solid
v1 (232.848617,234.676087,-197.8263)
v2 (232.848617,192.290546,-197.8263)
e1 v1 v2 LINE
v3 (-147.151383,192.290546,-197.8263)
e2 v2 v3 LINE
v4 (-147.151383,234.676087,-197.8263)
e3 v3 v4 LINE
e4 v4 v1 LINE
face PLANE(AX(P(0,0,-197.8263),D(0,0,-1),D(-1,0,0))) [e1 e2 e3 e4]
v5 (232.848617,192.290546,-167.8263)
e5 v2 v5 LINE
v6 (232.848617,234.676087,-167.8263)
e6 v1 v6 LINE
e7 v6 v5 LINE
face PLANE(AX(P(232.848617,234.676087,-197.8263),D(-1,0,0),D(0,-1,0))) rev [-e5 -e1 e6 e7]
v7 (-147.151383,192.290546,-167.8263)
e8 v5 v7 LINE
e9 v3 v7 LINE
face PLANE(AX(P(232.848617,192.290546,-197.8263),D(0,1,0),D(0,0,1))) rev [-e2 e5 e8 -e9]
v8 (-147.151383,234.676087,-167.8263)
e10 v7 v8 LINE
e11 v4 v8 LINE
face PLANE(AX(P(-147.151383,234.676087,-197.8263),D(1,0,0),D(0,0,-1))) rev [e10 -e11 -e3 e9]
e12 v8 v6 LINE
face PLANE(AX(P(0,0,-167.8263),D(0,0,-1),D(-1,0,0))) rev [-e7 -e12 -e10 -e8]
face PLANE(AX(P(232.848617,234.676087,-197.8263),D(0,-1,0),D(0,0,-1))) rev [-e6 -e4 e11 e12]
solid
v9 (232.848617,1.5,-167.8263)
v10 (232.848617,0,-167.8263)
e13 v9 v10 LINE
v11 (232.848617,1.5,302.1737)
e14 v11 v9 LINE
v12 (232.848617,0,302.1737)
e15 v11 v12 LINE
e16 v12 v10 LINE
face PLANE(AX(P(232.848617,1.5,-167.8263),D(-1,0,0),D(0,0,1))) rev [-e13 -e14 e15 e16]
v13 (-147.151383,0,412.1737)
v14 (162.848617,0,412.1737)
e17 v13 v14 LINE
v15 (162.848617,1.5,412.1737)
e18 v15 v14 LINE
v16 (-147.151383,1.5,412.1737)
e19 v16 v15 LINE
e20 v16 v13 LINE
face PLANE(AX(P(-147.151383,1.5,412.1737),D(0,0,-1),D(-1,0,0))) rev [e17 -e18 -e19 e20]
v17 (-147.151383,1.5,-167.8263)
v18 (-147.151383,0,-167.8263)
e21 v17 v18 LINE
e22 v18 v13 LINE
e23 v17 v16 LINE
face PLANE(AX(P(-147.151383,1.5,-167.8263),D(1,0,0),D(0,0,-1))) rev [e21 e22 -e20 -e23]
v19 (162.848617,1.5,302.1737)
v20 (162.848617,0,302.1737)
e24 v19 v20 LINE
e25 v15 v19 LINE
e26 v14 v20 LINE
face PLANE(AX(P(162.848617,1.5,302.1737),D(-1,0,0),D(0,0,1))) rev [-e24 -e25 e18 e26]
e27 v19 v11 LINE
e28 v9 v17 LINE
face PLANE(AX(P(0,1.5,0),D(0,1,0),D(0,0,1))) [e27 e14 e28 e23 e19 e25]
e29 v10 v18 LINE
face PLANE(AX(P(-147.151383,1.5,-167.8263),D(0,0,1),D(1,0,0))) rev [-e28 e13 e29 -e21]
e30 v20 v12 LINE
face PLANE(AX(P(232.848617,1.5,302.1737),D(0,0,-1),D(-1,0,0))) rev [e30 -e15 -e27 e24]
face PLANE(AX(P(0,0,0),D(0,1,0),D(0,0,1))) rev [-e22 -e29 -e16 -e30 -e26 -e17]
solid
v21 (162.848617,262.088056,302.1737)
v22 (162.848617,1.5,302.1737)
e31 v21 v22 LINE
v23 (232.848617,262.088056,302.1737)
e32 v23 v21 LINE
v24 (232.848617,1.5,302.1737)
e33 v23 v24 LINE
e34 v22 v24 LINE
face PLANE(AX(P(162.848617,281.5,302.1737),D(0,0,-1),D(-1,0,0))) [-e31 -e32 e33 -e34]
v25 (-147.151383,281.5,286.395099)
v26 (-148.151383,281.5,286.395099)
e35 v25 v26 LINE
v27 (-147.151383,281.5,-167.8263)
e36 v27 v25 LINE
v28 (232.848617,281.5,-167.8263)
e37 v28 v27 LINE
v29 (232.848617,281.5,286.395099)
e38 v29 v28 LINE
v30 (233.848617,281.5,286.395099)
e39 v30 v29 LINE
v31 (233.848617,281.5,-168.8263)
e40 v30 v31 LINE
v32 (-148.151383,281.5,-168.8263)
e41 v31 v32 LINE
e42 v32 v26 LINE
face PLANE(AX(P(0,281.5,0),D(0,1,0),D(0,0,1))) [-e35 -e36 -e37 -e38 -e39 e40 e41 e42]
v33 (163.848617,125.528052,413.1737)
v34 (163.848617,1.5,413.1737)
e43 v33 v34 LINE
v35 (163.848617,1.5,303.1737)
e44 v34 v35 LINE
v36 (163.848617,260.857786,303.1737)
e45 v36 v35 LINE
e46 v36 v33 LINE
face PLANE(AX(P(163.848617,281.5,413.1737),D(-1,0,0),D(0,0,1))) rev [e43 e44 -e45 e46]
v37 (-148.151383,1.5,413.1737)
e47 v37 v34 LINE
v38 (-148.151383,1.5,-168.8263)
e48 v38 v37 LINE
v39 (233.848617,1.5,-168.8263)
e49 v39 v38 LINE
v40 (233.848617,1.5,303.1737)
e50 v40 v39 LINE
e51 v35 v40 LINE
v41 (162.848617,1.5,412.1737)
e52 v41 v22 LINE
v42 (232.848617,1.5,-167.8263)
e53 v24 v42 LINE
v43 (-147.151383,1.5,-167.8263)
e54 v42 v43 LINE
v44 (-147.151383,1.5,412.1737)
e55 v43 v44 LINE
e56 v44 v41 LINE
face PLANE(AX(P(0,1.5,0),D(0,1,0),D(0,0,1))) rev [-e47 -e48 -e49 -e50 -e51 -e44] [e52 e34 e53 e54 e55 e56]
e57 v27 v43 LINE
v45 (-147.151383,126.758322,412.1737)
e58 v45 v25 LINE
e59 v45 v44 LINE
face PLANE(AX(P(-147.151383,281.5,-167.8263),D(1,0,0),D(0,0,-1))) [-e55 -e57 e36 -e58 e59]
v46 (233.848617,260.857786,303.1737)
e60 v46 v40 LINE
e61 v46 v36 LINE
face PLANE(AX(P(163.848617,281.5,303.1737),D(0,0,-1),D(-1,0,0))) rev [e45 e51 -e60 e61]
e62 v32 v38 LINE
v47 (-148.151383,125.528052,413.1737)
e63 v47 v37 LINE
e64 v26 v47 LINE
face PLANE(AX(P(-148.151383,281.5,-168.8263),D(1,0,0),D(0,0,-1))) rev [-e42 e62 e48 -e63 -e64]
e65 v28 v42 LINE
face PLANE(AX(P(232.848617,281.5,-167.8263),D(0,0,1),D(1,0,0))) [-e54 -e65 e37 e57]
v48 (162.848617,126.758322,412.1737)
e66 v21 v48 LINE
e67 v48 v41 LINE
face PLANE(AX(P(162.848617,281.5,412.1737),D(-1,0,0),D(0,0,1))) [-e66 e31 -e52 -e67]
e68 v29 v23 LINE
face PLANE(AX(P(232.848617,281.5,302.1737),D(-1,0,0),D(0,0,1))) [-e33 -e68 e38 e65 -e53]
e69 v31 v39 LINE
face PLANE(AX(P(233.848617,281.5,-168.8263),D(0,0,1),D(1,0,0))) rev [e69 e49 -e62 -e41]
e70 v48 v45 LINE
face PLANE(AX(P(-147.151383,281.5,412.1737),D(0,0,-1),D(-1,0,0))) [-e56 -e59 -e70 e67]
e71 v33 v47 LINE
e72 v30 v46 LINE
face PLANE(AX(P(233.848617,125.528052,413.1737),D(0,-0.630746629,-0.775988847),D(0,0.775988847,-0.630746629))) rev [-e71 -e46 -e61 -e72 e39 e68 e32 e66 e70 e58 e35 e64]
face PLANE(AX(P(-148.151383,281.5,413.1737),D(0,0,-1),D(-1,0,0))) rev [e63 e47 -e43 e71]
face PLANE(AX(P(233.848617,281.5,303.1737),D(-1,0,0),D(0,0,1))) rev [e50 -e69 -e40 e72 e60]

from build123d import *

# Parameters (mm, degrees)
BOSS_EXTRUDE1_DEPTH     = 1.5
BOSS_EXTRUDE2_DEPTH     = 280
SKETCH4_W               = 380
SKETCH4_H               = 42.385541564
BOSS_EXTRUDE3_DEPTH     = 30
CUT_EXTRUDE1_DEPTH      = 629.582338515
CUT_EXTRUDE1_DEPTH_BACK = 629.582338515


with BuildPart() as part:
    # Sketch1 → Boss-Extrude1 (new body)
    with BuildSketch(Plane(origin=(0, 0, 0), x_dir=(1, 0, 0), z_dir=(0, 1, 0))):
        Polygon((-147.151383235, 167.826300096), (232.848616765, 167.826300096), (232.848616765, -302.173699904), (162.848616765, -302.173699904), (162.848616765, -412.173699904), (-147.151383235, -412.173699904), align=None)
    extrude(amount=BOSS_EXTRUDE1_DEPTH)


with BuildPart() as body_2:
    # Sketch2 → Boss-Extrude2 (new body)
    with BuildSketch(Plane(origin=(0, 1.5, 0), x_dir=(1, 0, 0), z_dir=(0, 1, 0))):
        Polygon((-148.151383235, -413.173699904), (163.848616765, -413.173699904), (163.848616765, -303.173699904), (233.848616765, -303.173699904), (233.848616765, 168.826300096), (-148.151383235, 168.826300096), align=None)
        Polygon((-147.151383235, 167.826300096), (-147.151383235, -412.173699904), (162.848616765, -412.173699904), (162.848616765, -302.173699904), (232.848616765, -302.173699904), (232.848616765, 167.826300096), align=None, mode=Mode.SUBTRACT)
    extrude(amount=BOSS_EXTRUDE2_DEPTH)

    # Sketch3 → Cut-Extrude1 (cut, two sides: drawn at the far end of the back side and taken through both)
    with BuildSketch(Plane.ZY.offset(147.151383235).offset(-CUT_EXTRUDE1_DEPTH_BACK)):
        Polygon((413.173699904, 125.528052126), (286.395099081, 281.5), (413.173699904, 281.5), align=None)
    extrude(amount=CUT_EXTRUDE1_DEPTH + CUT_EXTRUDE1_DEPTH_BACK, mode=Mode.SUBTRACT)


with BuildPart() as body_3:
    # Sketch4 → Boss-Extrude3 (new body)
    with BuildSketch(Plane(origin=(0, 0, -167.826300096), x_dir=(-1, 0, 0), z_dir=(0, 0, -1))):
        with Locations((-42.848616765, 213.483316708)):
            Rectangle(SKETCH4_W, SKETCH4_H)
    extrude(amount=BOSS_EXTRUDE3_DEPTH)


solid = Compound([part.part, body_2.part, body_3.part])
